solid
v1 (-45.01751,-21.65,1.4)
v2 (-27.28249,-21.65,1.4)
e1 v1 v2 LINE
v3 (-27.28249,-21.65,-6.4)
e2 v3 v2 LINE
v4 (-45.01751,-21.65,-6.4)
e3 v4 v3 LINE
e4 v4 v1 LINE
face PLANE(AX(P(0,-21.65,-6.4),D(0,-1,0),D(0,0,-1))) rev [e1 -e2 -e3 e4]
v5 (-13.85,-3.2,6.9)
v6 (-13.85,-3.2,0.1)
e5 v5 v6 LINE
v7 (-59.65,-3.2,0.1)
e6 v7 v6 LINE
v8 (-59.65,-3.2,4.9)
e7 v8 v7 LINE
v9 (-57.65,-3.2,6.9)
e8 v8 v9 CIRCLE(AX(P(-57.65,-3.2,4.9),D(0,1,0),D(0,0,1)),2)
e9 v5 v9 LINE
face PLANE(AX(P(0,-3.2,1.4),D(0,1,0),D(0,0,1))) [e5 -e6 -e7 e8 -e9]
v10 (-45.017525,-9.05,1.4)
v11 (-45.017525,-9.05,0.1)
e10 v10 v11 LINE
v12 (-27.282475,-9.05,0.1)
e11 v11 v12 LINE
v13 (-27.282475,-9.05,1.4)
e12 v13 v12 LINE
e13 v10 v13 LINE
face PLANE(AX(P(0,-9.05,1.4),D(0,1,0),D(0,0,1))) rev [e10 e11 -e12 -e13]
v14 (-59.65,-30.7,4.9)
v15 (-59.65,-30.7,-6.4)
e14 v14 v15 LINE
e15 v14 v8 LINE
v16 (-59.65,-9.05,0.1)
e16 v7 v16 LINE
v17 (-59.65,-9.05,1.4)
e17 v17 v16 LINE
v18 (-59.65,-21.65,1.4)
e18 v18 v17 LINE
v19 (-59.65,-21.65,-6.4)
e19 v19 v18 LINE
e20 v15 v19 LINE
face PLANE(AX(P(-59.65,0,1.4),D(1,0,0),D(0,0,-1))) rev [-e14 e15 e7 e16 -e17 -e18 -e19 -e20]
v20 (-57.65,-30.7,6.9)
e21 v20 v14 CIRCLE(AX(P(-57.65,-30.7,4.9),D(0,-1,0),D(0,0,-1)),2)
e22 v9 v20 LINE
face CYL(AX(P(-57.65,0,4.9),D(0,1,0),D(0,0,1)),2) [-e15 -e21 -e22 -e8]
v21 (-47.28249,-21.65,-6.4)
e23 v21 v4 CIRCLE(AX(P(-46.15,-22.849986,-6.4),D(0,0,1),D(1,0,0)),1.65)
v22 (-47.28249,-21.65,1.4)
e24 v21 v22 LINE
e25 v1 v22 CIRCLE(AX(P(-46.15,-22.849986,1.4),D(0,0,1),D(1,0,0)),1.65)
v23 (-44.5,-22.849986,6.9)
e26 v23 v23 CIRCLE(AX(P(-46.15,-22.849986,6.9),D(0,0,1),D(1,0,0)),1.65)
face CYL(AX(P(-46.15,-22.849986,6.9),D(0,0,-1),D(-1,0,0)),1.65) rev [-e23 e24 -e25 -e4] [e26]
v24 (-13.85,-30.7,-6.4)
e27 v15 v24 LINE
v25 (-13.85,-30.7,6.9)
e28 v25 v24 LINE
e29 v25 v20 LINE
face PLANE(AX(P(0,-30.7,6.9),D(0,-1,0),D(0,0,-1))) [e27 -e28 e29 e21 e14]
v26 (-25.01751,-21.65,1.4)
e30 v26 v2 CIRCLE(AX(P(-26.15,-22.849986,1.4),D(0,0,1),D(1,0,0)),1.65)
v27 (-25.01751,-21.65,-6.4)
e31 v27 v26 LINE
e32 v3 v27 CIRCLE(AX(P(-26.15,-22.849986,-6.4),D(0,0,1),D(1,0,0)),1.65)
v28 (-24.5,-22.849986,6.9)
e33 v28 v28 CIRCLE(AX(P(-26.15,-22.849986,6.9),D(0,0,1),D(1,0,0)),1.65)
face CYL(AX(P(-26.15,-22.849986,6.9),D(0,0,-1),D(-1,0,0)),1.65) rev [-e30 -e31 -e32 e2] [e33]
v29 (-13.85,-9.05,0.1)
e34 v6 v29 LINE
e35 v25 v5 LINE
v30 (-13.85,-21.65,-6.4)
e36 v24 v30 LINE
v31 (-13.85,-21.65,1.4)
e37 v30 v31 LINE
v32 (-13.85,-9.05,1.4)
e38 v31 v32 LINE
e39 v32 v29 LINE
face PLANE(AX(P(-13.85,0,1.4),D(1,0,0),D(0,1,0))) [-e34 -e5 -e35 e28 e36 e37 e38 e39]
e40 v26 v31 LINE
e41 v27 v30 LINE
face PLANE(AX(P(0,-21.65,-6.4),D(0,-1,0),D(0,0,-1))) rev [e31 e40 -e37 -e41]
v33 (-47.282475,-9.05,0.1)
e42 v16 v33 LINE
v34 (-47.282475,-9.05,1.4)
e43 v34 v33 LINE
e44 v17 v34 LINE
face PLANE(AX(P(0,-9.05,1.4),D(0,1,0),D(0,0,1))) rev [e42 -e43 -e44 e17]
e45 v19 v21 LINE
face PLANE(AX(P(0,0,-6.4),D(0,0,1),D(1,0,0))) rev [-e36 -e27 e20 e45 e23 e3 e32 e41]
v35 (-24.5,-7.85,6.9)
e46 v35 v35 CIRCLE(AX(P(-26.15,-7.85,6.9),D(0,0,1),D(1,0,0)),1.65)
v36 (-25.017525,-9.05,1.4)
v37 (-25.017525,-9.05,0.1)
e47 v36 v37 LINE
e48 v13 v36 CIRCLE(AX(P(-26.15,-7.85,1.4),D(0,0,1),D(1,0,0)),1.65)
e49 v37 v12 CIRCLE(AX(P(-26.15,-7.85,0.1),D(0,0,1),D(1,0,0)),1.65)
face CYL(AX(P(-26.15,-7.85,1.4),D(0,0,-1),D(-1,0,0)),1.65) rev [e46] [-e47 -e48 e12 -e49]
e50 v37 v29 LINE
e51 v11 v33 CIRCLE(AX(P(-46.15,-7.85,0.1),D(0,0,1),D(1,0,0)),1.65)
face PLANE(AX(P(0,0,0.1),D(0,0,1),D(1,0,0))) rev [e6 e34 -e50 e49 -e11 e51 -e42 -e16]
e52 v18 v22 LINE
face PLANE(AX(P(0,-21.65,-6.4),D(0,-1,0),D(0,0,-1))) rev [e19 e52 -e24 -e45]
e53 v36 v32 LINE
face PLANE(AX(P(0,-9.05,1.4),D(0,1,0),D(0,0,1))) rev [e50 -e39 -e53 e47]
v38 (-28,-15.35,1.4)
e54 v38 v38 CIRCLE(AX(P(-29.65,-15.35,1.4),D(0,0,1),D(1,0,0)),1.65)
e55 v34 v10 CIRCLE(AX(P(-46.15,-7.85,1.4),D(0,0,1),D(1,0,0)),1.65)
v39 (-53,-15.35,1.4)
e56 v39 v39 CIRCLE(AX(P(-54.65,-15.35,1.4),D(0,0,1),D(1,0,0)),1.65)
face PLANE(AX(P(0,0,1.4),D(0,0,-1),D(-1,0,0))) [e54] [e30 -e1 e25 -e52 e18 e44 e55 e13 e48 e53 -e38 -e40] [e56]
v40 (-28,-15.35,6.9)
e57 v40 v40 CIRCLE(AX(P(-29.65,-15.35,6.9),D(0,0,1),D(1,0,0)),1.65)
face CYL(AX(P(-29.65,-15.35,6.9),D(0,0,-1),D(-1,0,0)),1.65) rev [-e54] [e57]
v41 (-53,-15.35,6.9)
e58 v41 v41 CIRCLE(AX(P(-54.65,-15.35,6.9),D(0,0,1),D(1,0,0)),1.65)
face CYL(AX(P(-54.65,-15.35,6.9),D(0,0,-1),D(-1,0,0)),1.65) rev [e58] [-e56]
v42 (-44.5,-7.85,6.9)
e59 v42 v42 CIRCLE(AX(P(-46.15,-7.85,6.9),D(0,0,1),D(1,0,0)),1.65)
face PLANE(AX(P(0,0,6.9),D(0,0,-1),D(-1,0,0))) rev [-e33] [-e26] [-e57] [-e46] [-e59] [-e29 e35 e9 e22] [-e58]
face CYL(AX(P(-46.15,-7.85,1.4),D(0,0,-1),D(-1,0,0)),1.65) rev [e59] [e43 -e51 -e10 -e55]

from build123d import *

# Parameters (mm, degrees)
SALIENTE_EXTRUIR1_START      = 0.1
SALIENTE_EXTRUIR1_DEPTH      = 1.3
SALIENTE_EXTRUIR3_START      = 0.1
SALIENTE_EXTRUIR3_DEPTH      = 1.3
SALIENTE_EXTRUIR3_DEPTH_BACK = 6.5
SALIENTE_EXTRUIR2_START      = 1.4
CROQUIS1_3_W                 = 45.8
CROQUIS1_3_H                 = 27.5
CROQUIS1_3_R                 = 1.65
SALIENTE_EXTRUIR2_DEPTH      = 5.5
REDONDEO2_R                  = 2


with BuildPart() as part:
    # Croquis1 → Saliente-Extruir1 (new body)
    with BuildSketch(Plane.XY.offset(SALIENTE_EXTRUIR1_START)):
        with BuildLine():
            Line((-13.85, -3.2), (-59.65, -3.2))
            Line((-59.65, -3.2), (-59.65, -9.05))
            Line((-59.65, -9.05), (-47.282475165, -9.05))
            ThreePointArc((-47.282475165, -9.05), (-46.803420224, -6.334895379), (-44.5, -7.85))
            ThreePointArc((-44.5, -7.85), (-44.634895379, -8.503420224), (-45.017524835, -9.05))
            Line((-45.017524835, -9.05), (-27.282475165, -9.05))
            ThreePointArc((-27.282475165, -9.05), (-26.803420224, -6.334895379), (-24.5, -7.85))
            ThreePointArc((-24.5, -7.85), (-24.634895379, -8.503420224), (-25.017524835, -9.05))
            Line((-25.017524835, -9.05), (-13.85, -9.05))
            Line((-13.85, -9.05), (-13.85, -3.2))
        make_face()
    extrude(amount=SALIENTE_EXTRUIR1_DEPTH)



with BuildPart() as body_2:
    # Croquis1<5> → Saliente-Extruir3 (new, two sides)
    with BuildSketch(Plane.XY.offset(SALIENTE_EXTRUIR3_START)) as saliente_extruir3_sk:
        with BuildLine():
            Line((-47.282489505, -21.65), (-59.65, -21.65))
            Line((-59.65, -21.65), (-59.65, -30.7))
            Line((-59.65, -30.7), (-13.85, -30.7))
            Line((-13.85, -30.7), (-13.85, -21.65))
            Line((-13.85, -21.65), (-25.017510495, -21.65))
            ThreePointArc((-25.017510495, -21.65), (-24.634891475, -22.196575296), (-24.5, -22.849986467))
            ThreePointArc((-24.5, -22.849986467), (-26.803411171, -24.365094992), (-27.282489505, -21.65))
            Line((-27.282489505, -21.65), (-45.017510495, -21.65))
            ThreePointArc((-45.017510495, -21.65), (-44.634891475, -22.196575296), (-44.5, -22.849986467))
            ThreePointArc((-44.5, -22.849986467), (-46.803411171, -24.365094992), (-47.282489505, -21.65))
        make_face()
    extrude(amount=SALIENTE_EXTRUIR3_DEPTH)
    extrude(saliente_extruir3_sk.sketch, amount=-SALIENTE_EXTRUIR3_DEPTH_BACK)


with BuildPart() as part_1:
    add(part.part)

    add(body_2.part)  # Saliente-Extruir2 merges body 2
    # Croquis1<3> → Saliente-Extruir2 (add)
    with BuildSketch(Plane.XY.offset(SALIENTE_EXTRUIR2_START)):
        with Locations((-36.75, -16.95)):
            Rectangle(CROQUIS1_3_W, CROQUIS1_3_H)
        with Locations(Location((-46.15, -22.849986467, 0), (0, 0, 133.342442907))):
            Circle(CROQUIS1_3_R, mode=Mode.SUBTRACT)
        with Locations(Location((-26.15, -22.849986467, 0), (0, 0, 133.342442907))):
            Circle(CROQUIS1_3_R, mode=Mode.SUBTRACT)
        with Locations(Location((-26.15, -7.85, 0), (0, 0, 226.658241773))):
            Circle(CROQUIS1_3_R, mode=Mode.SUBTRACT)
        with Locations(Location((-46.15, -7.85, 0), (0, 0, 226.658241773))):
            Circle(CROQUIS1_3_R, mode=Mode.SUBTRACT)
        with Locations((-54.65, -15.35)):
            Circle(CROQUIS1_3_R, mode=Mode.SUBTRACT)
        with Locations((-29.65, -15.35)):
            Circle(CROQUIS1_3_R, mode=Mode.SUBTRACT)
    extrude(amount=SALIENTE_EXTRUIR2_DEPTH)

    # Redondeo2
    redondeo2_edges = [part_1.edges().sort_by_distance(p)[0] for p in [
        (-59.65, -16.95, 6.9),
    ]]
    fillet(redondeo2_edges, radius=REDONDEO2_R)


solid = part_1.part
